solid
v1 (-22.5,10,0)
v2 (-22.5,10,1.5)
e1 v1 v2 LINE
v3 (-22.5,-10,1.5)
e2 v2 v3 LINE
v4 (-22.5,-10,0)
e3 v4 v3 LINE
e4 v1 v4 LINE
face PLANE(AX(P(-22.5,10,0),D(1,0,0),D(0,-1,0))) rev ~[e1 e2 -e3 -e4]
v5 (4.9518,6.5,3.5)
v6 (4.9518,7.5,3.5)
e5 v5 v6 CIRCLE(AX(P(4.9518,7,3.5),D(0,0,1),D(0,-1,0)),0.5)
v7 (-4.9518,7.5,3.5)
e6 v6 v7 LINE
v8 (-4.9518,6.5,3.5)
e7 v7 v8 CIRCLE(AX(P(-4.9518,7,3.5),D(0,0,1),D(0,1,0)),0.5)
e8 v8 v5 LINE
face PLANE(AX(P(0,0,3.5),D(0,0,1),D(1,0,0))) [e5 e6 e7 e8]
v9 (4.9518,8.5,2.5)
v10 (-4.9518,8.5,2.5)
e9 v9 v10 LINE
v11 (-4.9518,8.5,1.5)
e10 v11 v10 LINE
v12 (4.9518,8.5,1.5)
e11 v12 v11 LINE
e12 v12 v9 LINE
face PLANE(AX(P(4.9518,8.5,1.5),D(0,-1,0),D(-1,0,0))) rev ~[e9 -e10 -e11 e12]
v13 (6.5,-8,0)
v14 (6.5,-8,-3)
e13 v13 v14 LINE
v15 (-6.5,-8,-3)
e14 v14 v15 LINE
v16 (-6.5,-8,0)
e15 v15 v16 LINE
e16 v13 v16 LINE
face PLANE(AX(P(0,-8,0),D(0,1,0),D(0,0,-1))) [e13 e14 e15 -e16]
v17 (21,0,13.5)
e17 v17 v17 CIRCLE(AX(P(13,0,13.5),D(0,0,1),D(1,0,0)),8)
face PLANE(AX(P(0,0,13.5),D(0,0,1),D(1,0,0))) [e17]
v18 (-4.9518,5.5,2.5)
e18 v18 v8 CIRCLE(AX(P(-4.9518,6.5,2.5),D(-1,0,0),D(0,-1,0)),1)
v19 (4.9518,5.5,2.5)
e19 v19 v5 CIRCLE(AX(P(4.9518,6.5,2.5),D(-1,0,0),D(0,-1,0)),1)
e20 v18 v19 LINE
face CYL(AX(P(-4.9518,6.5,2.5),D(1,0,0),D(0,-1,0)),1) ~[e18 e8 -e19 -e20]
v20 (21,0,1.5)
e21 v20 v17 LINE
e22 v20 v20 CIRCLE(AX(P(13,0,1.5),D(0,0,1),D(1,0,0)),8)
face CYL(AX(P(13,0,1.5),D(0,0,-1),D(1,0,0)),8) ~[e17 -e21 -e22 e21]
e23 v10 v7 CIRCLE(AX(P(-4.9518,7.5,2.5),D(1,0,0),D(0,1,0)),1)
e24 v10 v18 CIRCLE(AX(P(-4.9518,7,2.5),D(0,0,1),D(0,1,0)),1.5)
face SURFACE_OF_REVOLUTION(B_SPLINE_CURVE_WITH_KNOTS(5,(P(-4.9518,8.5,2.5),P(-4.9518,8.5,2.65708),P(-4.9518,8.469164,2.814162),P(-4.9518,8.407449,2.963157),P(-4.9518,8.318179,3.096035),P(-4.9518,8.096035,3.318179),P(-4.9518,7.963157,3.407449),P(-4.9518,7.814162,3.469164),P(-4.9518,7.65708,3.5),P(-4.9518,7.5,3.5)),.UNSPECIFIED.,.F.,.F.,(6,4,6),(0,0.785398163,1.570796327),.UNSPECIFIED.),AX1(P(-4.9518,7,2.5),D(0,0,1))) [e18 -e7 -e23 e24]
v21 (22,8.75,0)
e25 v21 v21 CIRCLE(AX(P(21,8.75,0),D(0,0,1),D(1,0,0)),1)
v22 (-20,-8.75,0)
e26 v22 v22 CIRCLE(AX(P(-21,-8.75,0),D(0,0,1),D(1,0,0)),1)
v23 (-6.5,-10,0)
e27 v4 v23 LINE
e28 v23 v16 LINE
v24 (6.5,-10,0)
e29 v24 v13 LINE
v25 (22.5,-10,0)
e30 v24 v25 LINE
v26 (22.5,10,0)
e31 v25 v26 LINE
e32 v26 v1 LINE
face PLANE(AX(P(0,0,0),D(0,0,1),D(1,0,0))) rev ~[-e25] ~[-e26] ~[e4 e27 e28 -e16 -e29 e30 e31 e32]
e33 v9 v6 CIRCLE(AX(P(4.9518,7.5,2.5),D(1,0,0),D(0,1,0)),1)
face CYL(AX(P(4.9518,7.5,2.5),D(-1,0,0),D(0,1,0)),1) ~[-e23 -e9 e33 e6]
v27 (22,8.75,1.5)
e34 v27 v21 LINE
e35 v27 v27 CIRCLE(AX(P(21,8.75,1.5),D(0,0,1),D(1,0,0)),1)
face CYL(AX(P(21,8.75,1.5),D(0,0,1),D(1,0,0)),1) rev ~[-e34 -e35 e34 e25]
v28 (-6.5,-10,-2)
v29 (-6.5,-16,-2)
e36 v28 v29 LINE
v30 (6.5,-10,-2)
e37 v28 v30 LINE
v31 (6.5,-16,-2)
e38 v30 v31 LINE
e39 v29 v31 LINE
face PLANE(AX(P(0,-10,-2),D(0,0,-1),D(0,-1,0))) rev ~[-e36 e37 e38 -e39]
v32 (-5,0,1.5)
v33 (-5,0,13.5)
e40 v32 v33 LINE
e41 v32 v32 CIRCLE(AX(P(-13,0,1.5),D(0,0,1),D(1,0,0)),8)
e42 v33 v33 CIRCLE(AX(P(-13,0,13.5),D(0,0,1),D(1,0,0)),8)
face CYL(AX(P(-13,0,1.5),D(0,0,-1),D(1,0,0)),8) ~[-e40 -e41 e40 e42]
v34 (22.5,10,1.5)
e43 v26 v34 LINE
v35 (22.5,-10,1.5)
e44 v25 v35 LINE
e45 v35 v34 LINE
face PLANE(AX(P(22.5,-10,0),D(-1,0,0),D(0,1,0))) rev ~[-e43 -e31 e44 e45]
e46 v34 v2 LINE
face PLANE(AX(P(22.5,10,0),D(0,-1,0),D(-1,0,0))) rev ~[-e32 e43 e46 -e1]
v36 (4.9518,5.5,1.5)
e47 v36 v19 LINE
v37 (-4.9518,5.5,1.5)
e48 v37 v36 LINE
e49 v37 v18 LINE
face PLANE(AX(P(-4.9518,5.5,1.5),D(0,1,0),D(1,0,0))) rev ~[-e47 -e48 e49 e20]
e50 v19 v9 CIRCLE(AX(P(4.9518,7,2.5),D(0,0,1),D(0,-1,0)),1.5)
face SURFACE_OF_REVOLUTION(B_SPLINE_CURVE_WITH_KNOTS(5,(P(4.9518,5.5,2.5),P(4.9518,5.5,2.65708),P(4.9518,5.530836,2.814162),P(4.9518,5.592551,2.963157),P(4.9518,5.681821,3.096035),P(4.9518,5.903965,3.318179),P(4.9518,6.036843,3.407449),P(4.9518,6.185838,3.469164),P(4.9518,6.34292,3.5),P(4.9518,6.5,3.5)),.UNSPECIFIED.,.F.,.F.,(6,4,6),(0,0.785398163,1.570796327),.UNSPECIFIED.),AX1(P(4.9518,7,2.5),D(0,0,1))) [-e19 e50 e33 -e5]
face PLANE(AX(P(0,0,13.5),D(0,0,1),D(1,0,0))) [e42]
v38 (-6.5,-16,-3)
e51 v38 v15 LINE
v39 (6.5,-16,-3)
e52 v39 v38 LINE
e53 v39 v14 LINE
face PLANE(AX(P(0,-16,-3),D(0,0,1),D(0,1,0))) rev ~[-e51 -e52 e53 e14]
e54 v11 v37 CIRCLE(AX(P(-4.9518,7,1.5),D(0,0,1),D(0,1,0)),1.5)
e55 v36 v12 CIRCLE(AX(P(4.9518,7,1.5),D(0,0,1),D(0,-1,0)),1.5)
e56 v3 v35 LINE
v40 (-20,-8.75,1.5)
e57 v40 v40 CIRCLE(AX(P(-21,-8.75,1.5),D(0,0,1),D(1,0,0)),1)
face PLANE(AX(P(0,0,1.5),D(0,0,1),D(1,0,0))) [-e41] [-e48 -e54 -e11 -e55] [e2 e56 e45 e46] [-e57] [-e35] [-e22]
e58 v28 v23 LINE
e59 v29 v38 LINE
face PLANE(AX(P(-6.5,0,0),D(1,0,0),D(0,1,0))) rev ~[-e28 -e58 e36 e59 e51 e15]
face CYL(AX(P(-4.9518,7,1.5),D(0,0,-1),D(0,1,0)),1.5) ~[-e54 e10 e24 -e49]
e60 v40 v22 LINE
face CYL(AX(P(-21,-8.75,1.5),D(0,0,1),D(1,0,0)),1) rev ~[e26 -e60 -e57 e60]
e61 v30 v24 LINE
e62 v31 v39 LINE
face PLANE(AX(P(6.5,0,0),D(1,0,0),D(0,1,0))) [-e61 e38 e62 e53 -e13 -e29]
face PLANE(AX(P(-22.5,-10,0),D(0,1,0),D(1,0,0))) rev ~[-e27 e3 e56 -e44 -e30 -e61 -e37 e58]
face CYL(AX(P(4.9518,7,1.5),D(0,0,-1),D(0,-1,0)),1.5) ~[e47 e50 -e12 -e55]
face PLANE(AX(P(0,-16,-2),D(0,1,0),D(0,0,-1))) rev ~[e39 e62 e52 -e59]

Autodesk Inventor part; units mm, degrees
ref_plane "YZ Plane" through (0, 0, 0) normal (1, 0, 0) x (0, 1, 0)
ref_plane "XZ Plane" through (0, 0, 0) normal (0, 1, 0) x (-1, 0, 0)
ref_plane "XY Plane" through (0, 0, 0) normal (0, 0, 1) x (1, 0, 0)
sketch "Náčrt1" plane through (0, 0, 0) normal (0, 0, 1) x (1, 0, 0)
  line L0 (-22.5, -10) -> (22.5, -10)
  line L1 (22.5, -10) -> (22.5, 10)
  line L2 (22.5, 10) -> (-22.5, 10)
  line L3 (-22.5, 10) -> (-22.5, -10)
  line L4 (-22.5, -10) -> (22.5, 10) construction
  line L5 (22.5, -10) -> (-22.5, 10) construction
  point P0 (0, 0)
  dimension "d0" = 45
  dimension "d1" = 20
extrude "Vysunutí1" add sketch "Náčrt1" along normal blind 1.5
sketch "Náčrt2" plane through (0, 0, 1.5) normal (0, 0, 1) x (1, 0, 0)
  circle A0 centre (13, 0) radius 8
  circle A1 centre (-13, 0) radius 8
  point P0 (0, 0)
  dimension "d4" = 16
  dimension "d5" = 16
  dimension "d6" = 26
  dimension "d7" = 13
extrude "Vysunutí2" add sketch "Náčrt2" along normal blind 12
sketch "Náčrt3" plane through (0, 0, 1.5) normal (0, 0, 1) x (1, 0, 0)
  line L0 (-4.9518, 7) -> (4.9518, 7) construction
  line L1 (-4.9518, 5.5) -> (4.9518, 5.5)
  line L2 (4.9518, 8.5) -> (-4.9518, 8.5)
  arc A0 (-4.9518, 8.5) -> (-4.9518, 5.5) centre (-4.9518, 7) ccw
  arc A1 (4.9518, 5.5) -> (4.9518, 8.5) centre (4.9518, 7) ccw
  point P0 (0, 0)
  point P1 (0, 7)
  dimension "d10" = 3
  dimension "d11" = 7
extrude "Vysunutí3" add sketch "Náčrt3" along normal blind 2
fillet "Zaoblení1" radius 1 4 edges at (0, 8.5, 3.5) (-6.4518, 7, 3.5) (0, 5.5, 3.5) (6.4518, 7, 3.5)
sketch "Náčrt4" plane through (0, 0, 1.5) normal (0, 0, 1) x (1, 0, 0)
  circle A0 centre (21, 8.75) radius 1
  circle A1 centre (-21, -8.75) radius 1
  point P0 (0, 0)
  dimension "d15" = 2
  dimension "d16" = 2
  dimension "d17" = 17.5
  dimension "d18" = 42
  dimension "d19" = 8.75
  dimension "d20" = 21
extrude "Vysunutí4" cut sketch "Náčrt4" against normal through all
sketch "Náčrt6" plane through (0, 0, 0) normal (1, 0, 0) x (0, 1, 0)
  line L0 (-10, 0) -> (10, 0) projected
  line L1 (-10, 0) -> (-8, 0)
  line L2 (-8, 0) -> (-8, -2)
  line L3 (-8, -2) -> (-10, -2)
  line L4 (-10, -2) -> (-10, 0)
  line L5 (-8, -2) -> (-16, -2)
  line L6 (-16, -2) -> (-16, -3)
  line L7 (-16, -3) -> (-8, -3)
  line L8 (-8, -3) -> (-8, -2)
  point P0 (0, 0)
  dimension "d23" = 2
  dimension "d24" = 2
  dimension "d25" = 8
  dimension "d26" = 1
extrude "Vysunutí5" add sketch "Náčrt6" along normal mid plane 13
properties part number "UltraZvuk"
